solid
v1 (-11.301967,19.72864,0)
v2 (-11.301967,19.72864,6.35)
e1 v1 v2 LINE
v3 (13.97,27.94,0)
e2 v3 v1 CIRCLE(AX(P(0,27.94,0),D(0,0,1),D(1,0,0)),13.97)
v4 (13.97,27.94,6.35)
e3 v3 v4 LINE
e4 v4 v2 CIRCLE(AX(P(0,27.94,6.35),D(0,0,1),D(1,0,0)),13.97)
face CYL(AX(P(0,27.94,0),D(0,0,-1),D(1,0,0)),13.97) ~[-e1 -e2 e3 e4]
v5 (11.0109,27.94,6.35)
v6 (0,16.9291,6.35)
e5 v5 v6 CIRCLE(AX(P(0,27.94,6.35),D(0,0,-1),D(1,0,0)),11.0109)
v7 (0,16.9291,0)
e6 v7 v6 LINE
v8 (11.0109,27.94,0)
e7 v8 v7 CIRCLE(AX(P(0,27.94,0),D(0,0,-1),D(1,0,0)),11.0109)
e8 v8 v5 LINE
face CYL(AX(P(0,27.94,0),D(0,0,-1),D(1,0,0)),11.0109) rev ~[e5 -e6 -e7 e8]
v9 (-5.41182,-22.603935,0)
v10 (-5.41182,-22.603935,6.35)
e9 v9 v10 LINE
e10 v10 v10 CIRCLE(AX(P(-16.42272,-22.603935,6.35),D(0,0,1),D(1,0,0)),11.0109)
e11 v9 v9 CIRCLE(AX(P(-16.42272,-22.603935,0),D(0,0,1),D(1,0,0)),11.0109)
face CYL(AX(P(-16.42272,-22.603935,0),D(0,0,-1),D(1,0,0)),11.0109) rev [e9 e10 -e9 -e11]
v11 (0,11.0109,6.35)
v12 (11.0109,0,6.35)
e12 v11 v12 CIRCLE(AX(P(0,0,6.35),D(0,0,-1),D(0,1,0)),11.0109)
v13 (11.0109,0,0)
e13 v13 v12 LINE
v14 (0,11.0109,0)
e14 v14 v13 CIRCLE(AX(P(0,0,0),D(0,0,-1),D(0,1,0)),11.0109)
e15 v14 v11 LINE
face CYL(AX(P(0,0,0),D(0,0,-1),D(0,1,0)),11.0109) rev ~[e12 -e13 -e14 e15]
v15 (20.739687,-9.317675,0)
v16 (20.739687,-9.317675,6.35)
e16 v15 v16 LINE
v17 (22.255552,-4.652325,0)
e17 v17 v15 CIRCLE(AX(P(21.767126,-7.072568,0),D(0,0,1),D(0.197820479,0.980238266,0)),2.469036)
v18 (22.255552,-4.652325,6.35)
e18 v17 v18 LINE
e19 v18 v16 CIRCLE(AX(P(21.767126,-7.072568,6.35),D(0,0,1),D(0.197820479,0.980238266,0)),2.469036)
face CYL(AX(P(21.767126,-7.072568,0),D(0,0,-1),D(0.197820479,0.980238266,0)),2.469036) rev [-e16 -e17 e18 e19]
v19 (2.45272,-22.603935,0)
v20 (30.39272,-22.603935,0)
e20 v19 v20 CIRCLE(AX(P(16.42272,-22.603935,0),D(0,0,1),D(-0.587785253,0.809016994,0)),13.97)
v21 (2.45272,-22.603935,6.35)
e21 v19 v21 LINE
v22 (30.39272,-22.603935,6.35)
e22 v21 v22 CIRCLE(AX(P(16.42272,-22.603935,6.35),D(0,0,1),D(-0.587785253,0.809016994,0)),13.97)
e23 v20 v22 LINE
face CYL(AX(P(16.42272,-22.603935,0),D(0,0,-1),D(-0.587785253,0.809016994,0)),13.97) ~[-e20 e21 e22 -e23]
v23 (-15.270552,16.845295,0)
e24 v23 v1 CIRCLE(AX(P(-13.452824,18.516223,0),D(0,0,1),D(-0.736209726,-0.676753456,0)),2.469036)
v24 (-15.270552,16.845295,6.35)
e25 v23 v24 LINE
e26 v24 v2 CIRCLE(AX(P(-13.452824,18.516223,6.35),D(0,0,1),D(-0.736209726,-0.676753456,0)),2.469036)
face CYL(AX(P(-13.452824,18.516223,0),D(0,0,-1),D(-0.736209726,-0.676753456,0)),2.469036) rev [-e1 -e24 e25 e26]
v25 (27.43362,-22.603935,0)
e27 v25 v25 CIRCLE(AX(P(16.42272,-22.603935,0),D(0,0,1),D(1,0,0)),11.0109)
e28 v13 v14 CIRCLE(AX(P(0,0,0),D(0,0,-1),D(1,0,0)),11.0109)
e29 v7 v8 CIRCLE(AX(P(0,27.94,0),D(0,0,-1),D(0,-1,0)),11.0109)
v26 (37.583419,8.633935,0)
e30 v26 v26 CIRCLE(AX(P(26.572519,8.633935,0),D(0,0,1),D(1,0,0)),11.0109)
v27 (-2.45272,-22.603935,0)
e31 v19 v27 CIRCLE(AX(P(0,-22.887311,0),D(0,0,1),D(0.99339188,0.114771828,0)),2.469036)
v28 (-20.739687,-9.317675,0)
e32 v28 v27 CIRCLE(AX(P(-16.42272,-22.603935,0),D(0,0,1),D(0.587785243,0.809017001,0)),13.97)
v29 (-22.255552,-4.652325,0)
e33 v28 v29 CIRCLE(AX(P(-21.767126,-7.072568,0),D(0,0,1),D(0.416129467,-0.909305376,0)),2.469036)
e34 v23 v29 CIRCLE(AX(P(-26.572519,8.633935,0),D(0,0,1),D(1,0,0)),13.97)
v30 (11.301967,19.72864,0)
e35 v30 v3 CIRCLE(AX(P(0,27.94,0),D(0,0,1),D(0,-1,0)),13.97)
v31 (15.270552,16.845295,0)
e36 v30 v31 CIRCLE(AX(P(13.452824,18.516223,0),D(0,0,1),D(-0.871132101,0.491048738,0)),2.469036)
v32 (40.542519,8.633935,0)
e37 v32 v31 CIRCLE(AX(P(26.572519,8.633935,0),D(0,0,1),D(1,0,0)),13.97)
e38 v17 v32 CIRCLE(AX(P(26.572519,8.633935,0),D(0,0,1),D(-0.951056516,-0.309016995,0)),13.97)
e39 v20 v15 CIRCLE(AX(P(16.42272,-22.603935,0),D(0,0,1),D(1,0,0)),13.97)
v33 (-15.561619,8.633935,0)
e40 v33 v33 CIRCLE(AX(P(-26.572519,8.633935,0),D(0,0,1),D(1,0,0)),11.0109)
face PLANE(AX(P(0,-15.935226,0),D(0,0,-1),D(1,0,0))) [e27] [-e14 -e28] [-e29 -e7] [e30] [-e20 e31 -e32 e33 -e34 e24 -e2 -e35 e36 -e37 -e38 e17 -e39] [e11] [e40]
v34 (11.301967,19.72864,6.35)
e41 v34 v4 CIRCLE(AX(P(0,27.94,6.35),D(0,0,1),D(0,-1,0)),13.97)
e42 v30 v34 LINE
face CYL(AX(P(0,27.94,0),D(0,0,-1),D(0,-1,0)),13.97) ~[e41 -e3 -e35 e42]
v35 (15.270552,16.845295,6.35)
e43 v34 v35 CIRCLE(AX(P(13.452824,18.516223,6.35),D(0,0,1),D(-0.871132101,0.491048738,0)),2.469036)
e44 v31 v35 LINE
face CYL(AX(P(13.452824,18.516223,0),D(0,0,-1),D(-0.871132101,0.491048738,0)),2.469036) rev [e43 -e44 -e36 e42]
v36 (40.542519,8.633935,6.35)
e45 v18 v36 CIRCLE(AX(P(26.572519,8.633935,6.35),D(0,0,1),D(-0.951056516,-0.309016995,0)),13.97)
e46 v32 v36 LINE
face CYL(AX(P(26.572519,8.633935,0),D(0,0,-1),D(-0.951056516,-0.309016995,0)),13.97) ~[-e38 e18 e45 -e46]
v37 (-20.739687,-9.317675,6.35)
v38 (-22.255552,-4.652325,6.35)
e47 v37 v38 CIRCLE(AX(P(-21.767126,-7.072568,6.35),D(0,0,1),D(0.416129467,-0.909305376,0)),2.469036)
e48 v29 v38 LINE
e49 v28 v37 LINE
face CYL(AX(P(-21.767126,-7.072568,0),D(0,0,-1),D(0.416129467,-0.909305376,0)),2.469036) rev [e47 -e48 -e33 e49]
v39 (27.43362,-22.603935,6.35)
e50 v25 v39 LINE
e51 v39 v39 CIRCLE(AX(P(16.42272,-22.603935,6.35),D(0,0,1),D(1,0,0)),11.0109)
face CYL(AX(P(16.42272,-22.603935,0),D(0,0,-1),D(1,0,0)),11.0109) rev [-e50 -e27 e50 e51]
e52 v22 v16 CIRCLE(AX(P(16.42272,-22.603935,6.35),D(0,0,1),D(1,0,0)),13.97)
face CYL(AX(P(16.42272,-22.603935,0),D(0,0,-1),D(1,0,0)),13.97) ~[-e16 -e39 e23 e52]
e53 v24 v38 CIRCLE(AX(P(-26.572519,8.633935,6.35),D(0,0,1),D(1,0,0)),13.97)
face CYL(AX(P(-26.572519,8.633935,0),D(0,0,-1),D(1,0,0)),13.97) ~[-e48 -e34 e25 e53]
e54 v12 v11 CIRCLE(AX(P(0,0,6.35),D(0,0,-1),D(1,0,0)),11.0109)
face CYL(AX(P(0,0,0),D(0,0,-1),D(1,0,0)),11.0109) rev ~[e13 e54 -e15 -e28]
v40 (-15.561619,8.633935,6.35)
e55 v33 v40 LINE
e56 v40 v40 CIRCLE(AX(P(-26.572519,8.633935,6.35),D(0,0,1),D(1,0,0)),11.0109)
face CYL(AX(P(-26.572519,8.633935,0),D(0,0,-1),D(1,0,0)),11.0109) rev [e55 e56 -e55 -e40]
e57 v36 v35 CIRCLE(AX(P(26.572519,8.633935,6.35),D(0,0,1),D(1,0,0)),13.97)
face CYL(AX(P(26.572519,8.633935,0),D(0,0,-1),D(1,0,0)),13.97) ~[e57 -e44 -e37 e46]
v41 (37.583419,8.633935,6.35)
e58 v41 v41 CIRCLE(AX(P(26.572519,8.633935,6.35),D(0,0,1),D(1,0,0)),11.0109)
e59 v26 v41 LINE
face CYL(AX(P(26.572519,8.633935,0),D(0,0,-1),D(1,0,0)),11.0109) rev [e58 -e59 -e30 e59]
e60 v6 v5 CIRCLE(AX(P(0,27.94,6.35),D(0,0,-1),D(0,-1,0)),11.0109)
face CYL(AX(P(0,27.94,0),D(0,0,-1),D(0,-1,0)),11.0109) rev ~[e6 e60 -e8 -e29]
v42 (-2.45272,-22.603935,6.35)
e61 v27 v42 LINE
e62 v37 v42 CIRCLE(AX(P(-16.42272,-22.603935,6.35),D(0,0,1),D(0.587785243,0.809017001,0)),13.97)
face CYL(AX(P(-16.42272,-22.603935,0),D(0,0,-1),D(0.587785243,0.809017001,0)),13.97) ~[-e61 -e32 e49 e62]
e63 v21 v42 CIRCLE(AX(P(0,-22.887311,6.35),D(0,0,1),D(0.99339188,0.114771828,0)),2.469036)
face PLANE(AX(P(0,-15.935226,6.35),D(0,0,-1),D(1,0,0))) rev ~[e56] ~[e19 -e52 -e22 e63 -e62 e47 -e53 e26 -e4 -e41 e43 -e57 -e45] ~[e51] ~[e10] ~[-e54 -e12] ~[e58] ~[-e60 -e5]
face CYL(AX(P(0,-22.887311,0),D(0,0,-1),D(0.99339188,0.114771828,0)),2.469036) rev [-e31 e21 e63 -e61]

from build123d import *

# Parameters (mm, degrees)
F0_R     = 11.0109
F1_DEPTH = 6.35
F3_DEPTH = 6.35


with BuildPart() as f1:
    # F0 (on Top) → F1 (new body)
    with BuildSketch(Plane.XY):
        with BuildLine():
            ThreePointArc((-12.6025190653, 8.6339348228), (-40.3705251806, 10.8193243169), (-13.2862595435, 4.3169673779))
            ThreePointArc((-13.2862595435, 4.3169673779), (-12.7745129499, 6.4485453288), (-12.6025190653, 8.6339348228))
        make_face()
        with Locations((-26.5725190653, 8.6339348228)):
            Circle(F0_R, mode=Mode.SUBTRACT)
    extrude(amount=F1_DEPTH)



with BuildPart() as f1b:
    # F0 (on Top) → F1, piece 2 (new body)
    with BuildSketch(Plane.XY):
        with BuildLine():
            ThreePointArc((13.97, 27.94), (-9.8782817326, 37.8182817338), (-1.8e-09, 13.97))
            ThreePointArc((-1.8e-09, 13.97), (9.8782817326, 18.0617182662), (13.97, 27.94))
        make_face()
        with BuildLine():
            ThreePointArc((11.0109, 27.94), (7.785882057, 20.154117943), (0, 16.9291))
            ThreePointArc((0, 16.9291), (-7.785882057, 35.725882057), (11.0109, 27.94))
        make_face(mode=Mode.SUBTRACT)
    extrude(amount=F1_DEPTH)


with BuildPart() as f1c:
    # F0 (on Top) → F1, piece 3 (new body)
    with BuildSketch(Plane.XY):
        with BuildLine():
            ThreePointArc((40.5425190653, 8.6339348228), (24.387129585, 22.4319409404), (13.2862595349, 4.3169674044))
            ThreePointArc((13.2862595349, 4.3169674044), (28.7579085455, -5.1640712947), (40.5425190653, 8.6339348228))
        make_face()
        with Locations((26.5725190653, 8.6339348228)):
            Circle(F0_R, mode=Mode.SUBTRACT)
    extrude(amount=F1_DEPTH)


with BuildPart() as f1d:
    # F0 (on Top) → F1, piece 4 (new body)
    with BuildSketch(Plane.XY):
        with BuildLine():
            ThreePointArc((30.3927199491, -22.6039348228), (22.7649672257, -10.1565736775), (8.2113599659, -11.3019674177))
            ThreePointArc((8.2113599659, -11.3019674177), (10.0804726724, -35.0512959682), (30.3927199491, -22.6039348228))
        make_face()
        with Locations((16.4227199491, -22.6039348228)):
            Circle(F0_R, mode=Mode.SUBTRACT)
    extrude(amount=F1_DEPTH)


with BuildPart() as f1e:
    # F0 (on Top) → F1, piece 5 (new body)
    with BuildSketch(Plane.XY):
        with BuildLine():
            ThreePointArc((-2.4527199491, -22.6039348228), (-3.9753588409, -16.2616874733), (-8.2113600984, -11.3019673214))
            ThreePointArc((-8.2113600984, -11.3019673214), (-28.8700810572, -28.9461821724), (-2.4527199491, -22.6039348228))
        make_face()
        with Locations((-16.4227199491, -22.6039348228)):
            Circle(F0_R, mode=Mode.SUBTRACT)
    extrude(amount=F1_DEPTH)


with BuildPart() as f1f:
    # F0 (on Top) → F1, piece 6 (new body)
    with BuildSketch(Plane.XY):
        with BuildLine():
            ThreePointArc((13.2862595349, 4.3169674044), (8.2113599768, 11.3019674098), (-1.8e-09, 13.97))
            ThreePointArc((-1.8e-09, 13.97), (-8.2113599895, 11.3019674005), (-13.2862595435, 4.3169673779))
            ThreePointArc((-13.2862595435, 4.3169673779), (-13.2862595509, -4.3169673554), (-8.2113600984, -11.3019673214))
            ThreePointArc((-8.2113600984, -11.3019673214), (-8.19e-08, -13.97), (8.2113599659, -11.3019674177))
            ThreePointArc((8.2113599659, -11.3019674177), (12.4473611405, -6.3422472861), (13.97, 0))
            ThreePointArc((13.97, 0), (13.7980061187, 2.185389473), (13.2862595349, 4.3169674044))
        make_face()
        with BuildLine():
            ThreePointArc((0, 11.0109), (7.785882057, 7.785882057), (11.0109, 0))
            ThreePointArc((11.0109, 0), (-7.785882057, -7.785882057), (0, 11.0109))
        make_face(mode=Mode.SUBTRACT)
    extrude(amount=F1_DEPTH)


with BuildPart() as f1_1:
    add(f1.part)

    add(f1b.part)  # F3 merges F1b

    add(f1c.part)  # F3 merges F1c

    add(f1d.part)  # F3 merges F1d

    add(f1e.part)  # F3 merges F1e

    add(f1f.part)  # F3 merges F1f
    # F2 (on face) → F3 (join)
    with BuildSketch(Plane(origin=(0, 0, 0), x_dir=(1, 0, 0), z_dir=(0, 0, -1))):
        with BuildLine():
            ThreePointArc((2.4527199491, 22.6039348228), (0, 20.4182749221), (-2.4527199491, 22.6039348228))
            ThreePointArc((-2.4527199491, 22.6039348228), (-3.9753588004, 16.2616875527), (-8.2113599542, 11.3019674262))
            ThreePointArc((-8.2113599542, 11.3019674262), (-1.7e-08, 13.97), (8.2113599266, 11.3019674462))
            ThreePointArc((8.2113599266, 11.3019674462), (3.9753587927, 16.2616875678), (2.4527199491, 22.6039348228))
        make_face()
        with BuildLine():
            ThreePointArc((-8.2113599542, 11.3019674262), (-14.23733046, 8.8059287067), (-20.7396873605, 9.3176752902))
            ThreePointArc((-20.7396873605, 9.3176752902), (-19.4189334161, 6.3095939467), (-22.2555516539, 4.6523247098))
            ThreePointArc((-22.2555516539, 4.6523247098), (-16.6942373027, 1.2443468809), (-13.286259507, -4.3169674905))
            ThreePointArc((-13.286259507, -4.3169674905), (-13.2862595416, 4.3169673838), (-8.2113599542, 11.3019674262))
        make_face()
        with BuildLine():
            ThreePointArc((-7.22e-08, -13.97), (-8.2113599701, -11.3019674146), (-13.286259507, -4.3169674905))
            ThreePointArc((-13.286259507, -4.3169674905), (-12.7745129407, -6.4485453873), (-12.6025190653, -8.6339348228))
            ThreePointArc((-12.6025190653, -8.6339348228), (-13.2862595326, -12.9509022343), (-15.2705516539, -16.8452947974))
            ThreePointArc((-15.2705516539, -16.8452947974), (-12.0015608764, -16.5187314078), (-11.3019674114, -19.7286400255))
            ThreePointArc((-11.3019674114, -19.7286400255), (-6.3422473135, -15.4926388735), (-7.22e-08, -13.97))
        make_face()
        with BuildLine():
            ThreePointArc((13.2862595349, -4.3169674044), (8.2113599483, -11.3019674305), (-7.22e-08, -13.97))
            ThreePointArc((-7.22e-08, -13.97), (6.3422472492, -15.4926388407), (11.3019674114, -19.7286400255))
            ThreePointArc((11.3019674114, -19.7286400255), (12.0015608764, -16.5187314078), (15.2705516539, -16.8452947974))
            ThreePointArc((15.2705516539, -16.8452947974), (12.7745129466, -10.8193242958), (13.2862595349, -4.3169674044))
        make_face()
        with BuildLine():
            ThreePointArc((20.7396873605, 9.3176752902), (14.2373304432, 8.8059287094), (8.2113599266, 11.3019674462))
            ThreePointArc((8.2113599266, 11.3019674462), (12.4473611295, 6.3422473077), (13.97, 0))
            ThreePointArc((13.97, 0), (13.7980061187, -2.185389473), (13.2862595349, -4.3169674044))
            ThreePointArc((13.2862595349, -4.3169674044), (16.6942373347, 1.2443469129), (22.2555516539, 4.6523247098))
            ThreePointArc((22.2555516539, 4.6523247098), (19.4189334161, 6.3095939467), (20.7396873605, 9.3176752902))
        make_face()
    extrude(amount=-F3_DEPTH)


solid = f1_1.part
